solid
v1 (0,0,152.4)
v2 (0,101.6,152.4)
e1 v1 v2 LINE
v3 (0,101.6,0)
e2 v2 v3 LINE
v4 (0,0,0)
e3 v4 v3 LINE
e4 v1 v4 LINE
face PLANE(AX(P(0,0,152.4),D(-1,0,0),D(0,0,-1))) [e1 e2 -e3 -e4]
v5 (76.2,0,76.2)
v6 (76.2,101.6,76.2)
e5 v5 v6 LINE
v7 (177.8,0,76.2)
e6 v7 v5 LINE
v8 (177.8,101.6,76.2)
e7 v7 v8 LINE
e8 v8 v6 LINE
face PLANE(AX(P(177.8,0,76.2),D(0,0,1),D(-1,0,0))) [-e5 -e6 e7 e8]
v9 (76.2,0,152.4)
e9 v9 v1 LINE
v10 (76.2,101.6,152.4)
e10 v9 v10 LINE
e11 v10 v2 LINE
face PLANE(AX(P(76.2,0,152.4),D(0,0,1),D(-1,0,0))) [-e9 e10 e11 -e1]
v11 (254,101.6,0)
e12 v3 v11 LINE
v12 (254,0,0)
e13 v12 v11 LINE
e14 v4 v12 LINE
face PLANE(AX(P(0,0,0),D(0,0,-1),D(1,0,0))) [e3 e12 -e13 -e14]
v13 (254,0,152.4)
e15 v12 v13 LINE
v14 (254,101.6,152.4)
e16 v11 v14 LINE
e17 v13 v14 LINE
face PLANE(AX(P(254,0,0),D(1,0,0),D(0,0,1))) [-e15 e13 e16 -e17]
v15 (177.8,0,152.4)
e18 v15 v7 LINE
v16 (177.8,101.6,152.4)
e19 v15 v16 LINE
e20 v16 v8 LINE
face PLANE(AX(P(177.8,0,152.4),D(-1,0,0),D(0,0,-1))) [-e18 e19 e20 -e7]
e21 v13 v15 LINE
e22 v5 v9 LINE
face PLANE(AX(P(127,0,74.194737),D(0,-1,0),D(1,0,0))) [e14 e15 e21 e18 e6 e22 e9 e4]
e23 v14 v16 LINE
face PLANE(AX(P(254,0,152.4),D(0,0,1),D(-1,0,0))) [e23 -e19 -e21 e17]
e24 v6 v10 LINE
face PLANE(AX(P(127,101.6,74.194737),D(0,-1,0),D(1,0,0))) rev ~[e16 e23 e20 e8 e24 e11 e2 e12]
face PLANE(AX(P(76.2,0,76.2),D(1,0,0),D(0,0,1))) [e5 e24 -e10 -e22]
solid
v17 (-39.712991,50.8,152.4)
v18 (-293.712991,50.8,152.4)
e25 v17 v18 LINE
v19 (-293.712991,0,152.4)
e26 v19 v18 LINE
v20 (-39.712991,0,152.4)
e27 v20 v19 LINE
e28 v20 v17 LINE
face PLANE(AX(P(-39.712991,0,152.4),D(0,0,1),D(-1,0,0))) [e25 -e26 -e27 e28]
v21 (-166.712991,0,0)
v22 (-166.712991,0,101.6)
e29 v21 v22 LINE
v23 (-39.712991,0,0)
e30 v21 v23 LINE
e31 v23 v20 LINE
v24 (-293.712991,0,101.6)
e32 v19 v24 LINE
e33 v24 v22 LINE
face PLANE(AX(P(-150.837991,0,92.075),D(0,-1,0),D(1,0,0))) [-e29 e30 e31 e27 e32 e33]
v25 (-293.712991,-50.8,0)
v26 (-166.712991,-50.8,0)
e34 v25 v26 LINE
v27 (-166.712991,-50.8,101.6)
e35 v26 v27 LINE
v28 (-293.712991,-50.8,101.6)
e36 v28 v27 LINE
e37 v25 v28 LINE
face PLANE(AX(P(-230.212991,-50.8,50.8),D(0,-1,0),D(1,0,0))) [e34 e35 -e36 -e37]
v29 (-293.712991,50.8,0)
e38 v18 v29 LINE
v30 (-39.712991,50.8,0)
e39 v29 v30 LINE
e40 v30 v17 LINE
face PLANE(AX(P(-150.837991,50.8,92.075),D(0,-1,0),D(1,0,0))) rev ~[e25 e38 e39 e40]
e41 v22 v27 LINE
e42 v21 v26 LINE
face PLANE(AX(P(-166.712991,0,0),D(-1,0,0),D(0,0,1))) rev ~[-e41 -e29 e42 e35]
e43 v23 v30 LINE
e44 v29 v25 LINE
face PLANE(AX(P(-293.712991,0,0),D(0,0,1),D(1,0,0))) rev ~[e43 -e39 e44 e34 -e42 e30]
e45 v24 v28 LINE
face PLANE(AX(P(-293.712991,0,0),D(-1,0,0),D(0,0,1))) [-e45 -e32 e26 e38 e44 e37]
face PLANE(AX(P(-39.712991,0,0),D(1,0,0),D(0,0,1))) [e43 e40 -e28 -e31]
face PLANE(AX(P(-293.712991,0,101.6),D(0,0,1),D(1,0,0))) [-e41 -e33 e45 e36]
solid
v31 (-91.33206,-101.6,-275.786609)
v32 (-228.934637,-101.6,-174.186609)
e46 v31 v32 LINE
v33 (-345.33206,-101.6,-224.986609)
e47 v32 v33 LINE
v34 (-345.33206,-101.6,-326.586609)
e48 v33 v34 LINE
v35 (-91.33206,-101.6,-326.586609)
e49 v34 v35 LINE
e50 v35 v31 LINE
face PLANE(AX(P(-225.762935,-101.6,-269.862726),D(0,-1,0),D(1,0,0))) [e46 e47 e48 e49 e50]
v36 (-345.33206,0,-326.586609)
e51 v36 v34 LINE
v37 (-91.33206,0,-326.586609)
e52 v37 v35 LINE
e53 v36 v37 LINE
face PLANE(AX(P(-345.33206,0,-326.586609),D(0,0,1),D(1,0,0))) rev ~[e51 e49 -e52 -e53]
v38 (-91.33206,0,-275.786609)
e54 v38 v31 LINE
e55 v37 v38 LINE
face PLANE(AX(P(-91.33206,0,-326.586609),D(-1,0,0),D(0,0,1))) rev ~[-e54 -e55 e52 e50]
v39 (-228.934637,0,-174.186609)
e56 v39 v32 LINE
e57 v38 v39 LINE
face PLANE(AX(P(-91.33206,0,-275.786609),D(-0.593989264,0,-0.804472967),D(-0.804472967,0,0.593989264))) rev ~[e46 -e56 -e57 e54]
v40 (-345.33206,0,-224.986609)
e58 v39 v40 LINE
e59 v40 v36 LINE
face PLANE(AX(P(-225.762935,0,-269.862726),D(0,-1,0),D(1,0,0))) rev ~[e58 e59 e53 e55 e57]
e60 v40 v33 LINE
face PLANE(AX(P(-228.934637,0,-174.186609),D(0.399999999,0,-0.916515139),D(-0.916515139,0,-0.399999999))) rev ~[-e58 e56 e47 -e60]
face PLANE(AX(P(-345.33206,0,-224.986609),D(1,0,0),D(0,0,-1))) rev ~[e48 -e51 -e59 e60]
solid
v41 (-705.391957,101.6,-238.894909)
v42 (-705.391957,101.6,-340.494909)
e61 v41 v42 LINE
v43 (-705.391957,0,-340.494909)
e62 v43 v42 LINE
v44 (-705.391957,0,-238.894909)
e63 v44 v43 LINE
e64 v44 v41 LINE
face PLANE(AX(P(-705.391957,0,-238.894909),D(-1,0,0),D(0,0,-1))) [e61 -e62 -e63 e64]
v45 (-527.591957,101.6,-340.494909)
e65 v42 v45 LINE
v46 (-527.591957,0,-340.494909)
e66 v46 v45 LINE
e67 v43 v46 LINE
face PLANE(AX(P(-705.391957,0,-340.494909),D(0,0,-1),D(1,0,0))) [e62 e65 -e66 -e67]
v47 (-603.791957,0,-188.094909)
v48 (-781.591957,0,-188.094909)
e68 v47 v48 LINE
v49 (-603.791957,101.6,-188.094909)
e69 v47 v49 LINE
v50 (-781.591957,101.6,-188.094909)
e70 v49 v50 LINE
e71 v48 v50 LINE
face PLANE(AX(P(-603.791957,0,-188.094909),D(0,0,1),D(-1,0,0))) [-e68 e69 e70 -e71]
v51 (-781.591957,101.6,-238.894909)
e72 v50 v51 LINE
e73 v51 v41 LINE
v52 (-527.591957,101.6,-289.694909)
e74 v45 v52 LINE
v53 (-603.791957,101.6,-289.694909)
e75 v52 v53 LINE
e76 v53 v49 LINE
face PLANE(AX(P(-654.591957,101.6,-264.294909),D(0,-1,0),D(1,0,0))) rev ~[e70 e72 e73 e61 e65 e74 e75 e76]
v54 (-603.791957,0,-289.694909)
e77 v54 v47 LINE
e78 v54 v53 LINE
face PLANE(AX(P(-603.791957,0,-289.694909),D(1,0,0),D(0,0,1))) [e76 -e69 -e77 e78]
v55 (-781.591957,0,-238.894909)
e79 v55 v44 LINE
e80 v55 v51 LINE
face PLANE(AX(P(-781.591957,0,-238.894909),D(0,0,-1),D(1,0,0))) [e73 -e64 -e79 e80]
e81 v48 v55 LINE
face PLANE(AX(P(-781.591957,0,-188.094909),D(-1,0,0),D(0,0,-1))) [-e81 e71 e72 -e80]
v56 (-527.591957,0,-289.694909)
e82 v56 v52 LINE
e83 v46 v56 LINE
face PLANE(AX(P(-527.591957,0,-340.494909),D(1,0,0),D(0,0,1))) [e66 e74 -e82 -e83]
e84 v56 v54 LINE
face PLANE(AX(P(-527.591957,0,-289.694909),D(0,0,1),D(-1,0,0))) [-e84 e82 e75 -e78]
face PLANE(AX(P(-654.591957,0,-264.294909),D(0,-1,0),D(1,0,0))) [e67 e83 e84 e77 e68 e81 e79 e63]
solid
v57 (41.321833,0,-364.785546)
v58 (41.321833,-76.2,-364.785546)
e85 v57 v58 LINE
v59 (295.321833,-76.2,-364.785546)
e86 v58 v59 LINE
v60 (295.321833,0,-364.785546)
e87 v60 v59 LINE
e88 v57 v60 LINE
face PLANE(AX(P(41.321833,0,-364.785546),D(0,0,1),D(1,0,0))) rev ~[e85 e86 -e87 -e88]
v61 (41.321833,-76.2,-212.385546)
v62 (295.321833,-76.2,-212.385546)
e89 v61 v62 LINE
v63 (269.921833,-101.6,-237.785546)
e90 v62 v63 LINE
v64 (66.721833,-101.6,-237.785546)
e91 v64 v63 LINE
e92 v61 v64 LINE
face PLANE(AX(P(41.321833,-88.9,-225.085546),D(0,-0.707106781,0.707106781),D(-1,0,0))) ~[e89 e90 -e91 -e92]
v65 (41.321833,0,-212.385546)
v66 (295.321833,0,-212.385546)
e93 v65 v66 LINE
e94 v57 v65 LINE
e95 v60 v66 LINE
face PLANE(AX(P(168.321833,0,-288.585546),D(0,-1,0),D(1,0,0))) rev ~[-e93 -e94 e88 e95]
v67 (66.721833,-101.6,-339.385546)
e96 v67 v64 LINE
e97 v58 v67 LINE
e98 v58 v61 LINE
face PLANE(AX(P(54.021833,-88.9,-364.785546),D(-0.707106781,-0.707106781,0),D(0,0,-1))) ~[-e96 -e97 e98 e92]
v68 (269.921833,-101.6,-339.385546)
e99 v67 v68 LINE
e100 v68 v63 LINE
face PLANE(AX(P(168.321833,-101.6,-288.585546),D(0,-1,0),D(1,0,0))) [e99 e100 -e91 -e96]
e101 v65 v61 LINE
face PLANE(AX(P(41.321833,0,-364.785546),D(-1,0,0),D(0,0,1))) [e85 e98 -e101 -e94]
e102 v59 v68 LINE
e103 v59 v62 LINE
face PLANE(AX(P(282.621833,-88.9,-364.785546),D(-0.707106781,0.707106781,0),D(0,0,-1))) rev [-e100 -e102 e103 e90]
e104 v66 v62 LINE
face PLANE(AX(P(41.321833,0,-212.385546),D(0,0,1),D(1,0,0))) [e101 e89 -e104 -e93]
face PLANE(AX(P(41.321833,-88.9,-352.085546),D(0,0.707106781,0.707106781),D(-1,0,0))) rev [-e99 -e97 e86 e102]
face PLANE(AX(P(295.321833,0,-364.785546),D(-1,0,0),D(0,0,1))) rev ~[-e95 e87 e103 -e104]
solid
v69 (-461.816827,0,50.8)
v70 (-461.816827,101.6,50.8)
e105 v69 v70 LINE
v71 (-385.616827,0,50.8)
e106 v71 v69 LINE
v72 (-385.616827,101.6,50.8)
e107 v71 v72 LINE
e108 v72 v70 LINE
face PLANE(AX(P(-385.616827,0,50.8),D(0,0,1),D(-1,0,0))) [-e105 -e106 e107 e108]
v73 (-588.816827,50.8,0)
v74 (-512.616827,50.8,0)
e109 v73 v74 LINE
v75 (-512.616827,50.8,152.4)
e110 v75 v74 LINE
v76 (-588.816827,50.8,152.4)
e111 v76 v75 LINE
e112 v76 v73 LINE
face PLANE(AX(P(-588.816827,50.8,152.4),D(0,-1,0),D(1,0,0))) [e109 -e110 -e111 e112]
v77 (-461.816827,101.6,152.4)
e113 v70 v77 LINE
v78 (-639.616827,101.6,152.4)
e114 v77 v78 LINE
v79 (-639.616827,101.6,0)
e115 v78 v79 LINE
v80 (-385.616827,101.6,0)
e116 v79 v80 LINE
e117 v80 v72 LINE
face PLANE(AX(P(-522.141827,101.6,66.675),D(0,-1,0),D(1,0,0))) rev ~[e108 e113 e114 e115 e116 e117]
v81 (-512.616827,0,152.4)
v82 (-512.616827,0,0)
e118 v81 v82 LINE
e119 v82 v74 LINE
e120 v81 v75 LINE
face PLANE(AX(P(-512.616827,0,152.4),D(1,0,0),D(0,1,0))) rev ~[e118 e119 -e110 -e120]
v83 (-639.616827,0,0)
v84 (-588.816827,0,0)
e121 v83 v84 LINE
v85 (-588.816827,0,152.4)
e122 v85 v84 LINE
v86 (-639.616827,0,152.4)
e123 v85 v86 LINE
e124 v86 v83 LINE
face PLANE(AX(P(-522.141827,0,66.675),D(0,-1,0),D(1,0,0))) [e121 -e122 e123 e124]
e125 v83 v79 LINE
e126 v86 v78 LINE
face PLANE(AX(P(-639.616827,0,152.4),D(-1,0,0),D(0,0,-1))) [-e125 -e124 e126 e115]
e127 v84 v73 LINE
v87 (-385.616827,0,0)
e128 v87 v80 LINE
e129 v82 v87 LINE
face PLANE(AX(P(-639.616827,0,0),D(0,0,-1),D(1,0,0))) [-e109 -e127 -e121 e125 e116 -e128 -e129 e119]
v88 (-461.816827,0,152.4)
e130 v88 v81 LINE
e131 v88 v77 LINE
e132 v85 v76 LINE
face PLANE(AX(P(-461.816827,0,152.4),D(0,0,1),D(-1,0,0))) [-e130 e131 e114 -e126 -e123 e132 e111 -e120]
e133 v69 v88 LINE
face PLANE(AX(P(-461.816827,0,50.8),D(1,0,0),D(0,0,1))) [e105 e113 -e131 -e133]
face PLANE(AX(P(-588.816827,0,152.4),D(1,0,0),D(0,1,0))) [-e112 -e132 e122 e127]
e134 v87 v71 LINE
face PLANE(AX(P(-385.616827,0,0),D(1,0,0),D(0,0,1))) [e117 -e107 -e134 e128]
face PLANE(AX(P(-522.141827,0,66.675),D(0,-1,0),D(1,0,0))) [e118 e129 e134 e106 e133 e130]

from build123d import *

# Parameters (mm, degrees)
F1_DEPTH  = 101.6
F2_W      = 127
F2_H      = 101.6
F3_DEPTH  = 50.8
F4_W      = 127
F4_H      = 101.6
F5_DEPTH  = 50.8
F7_DEPTH  = 101.6
F8_W      = 76.2
F8_H      = 50.8
F9_DEPTH  = 152.4
F11_DEPTH = 101.6
F13_DEPTH = 101.6
F14_W     = 254
F14_H     = 152.4
F15_DEPTH = 101.6
F16_SIZE  = 25.4


with BuildPart() as f1:
    # F0 (on Front) → F1 (new body)
    with BuildSketch(Plane.XZ):
        Polygon((0, 152.4), (0, 0), (254, 0), (254, 152.4), (177.8, 152.4), (177.8, 76.2), (76.2, 76.2), (76.2, 152.4), align=None)
    extrude(amount=-F1_DEPTH)


with BuildPart() as f3:
    # F2 (on Front) → F3 (new body)
    with BuildSketch(Plane.XZ):
        Polygon((-166.712991, 0), (-114.024056, 0), (-39.712991, 0), (-39.712991, 152.4), (-293.712991, 152.4), (-293.712991, 101.6), (-166.712991, 101.6), align=None)
        with Locations((-230.212991, 50.8)):
            Rectangle(F2_W, F2_H)
    extrude(amount=-F3_DEPTH)

    # F4 (on face) → F5 (join)
    with BuildSketch(Plane.XZ):
        with Locations((-230.212991, 50.8)):
            Rectangle(F4_W, F4_H)
    extrude(amount=F5_DEPTH)


with BuildPart() as f7:
    # F6 (on Front) → F7 (new body)
    with BuildSketch(Plane.XZ):
        Polygon((-639.616827, 152.4), (-639.616827, 0), (-385.616827, 0), (-385.616827, 50.8), (-461.816827, 50.8), (-461.816827, 152.4), align=None)
    extrude(amount=-F7_DEPTH)

    # F8 (on face) → F9 (cut)
    with BuildSketch(Plane.XY.offset(152.4)):
        with Locations((-550.716827, 25.4)):
            Rectangle(F8_W, F8_H)
    extrude(amount=-F9_DEPTH, mode=Mode.SUBTRACT)


with BuildPart() as f11:
    # F10 (on Front) → F11 (new body)
    with BuildSketch(Plane.XZ):
        Polygon((-603.791957, -188.094909), (-781.591957, -188.094909), (-781.591957, -238.894909), (-705.391957, -238.894909), (-705.391957, -340.494909), (-527.591957, -340.494909), (-527.591957, -289.694909), (-603.791957, -289.694909), align=None)
    extrude(amount=-F11_DEPTH)


with BuildPart() as f13:
    # F12 (on Front) → F13 (new body)
    with BuildSketch(Plane.XZ):
        Polygon((-345.33206, -224.986609), (-345.33206, -326.586609), (-91.33206, -326.586609), (-91.33206, -275.786609), (-228.934637, -174.186609), align=None)
    extrude(amount=F13_DEPTH)


with BuildPart() as f15:
    # F14 (on Front) → F15 (new body)
    with BuildSketch(Plane.XZ):
        with Locations((168.321833, -288.585546)):
            Rectangle(F14_W, F14_H)
    extrude(amount=F15_DEPTH)

    # F16
    f16_edges = [f15.edges().sort_by_distance(p)[0] for p in [
        (168.321833, -101.6, -212.385546),
        (41.321833, -101.6, -288.585546),
        (168.321833, -101.6, -364.785546),
        (295.321833, -101.6, -288.585546),
    ]]
    chamfer(f16_edges, length=F16_SIZE)


solid = Compound([f1.part, f3.part, f7.part, f11.part, f13.part, f15.part])
